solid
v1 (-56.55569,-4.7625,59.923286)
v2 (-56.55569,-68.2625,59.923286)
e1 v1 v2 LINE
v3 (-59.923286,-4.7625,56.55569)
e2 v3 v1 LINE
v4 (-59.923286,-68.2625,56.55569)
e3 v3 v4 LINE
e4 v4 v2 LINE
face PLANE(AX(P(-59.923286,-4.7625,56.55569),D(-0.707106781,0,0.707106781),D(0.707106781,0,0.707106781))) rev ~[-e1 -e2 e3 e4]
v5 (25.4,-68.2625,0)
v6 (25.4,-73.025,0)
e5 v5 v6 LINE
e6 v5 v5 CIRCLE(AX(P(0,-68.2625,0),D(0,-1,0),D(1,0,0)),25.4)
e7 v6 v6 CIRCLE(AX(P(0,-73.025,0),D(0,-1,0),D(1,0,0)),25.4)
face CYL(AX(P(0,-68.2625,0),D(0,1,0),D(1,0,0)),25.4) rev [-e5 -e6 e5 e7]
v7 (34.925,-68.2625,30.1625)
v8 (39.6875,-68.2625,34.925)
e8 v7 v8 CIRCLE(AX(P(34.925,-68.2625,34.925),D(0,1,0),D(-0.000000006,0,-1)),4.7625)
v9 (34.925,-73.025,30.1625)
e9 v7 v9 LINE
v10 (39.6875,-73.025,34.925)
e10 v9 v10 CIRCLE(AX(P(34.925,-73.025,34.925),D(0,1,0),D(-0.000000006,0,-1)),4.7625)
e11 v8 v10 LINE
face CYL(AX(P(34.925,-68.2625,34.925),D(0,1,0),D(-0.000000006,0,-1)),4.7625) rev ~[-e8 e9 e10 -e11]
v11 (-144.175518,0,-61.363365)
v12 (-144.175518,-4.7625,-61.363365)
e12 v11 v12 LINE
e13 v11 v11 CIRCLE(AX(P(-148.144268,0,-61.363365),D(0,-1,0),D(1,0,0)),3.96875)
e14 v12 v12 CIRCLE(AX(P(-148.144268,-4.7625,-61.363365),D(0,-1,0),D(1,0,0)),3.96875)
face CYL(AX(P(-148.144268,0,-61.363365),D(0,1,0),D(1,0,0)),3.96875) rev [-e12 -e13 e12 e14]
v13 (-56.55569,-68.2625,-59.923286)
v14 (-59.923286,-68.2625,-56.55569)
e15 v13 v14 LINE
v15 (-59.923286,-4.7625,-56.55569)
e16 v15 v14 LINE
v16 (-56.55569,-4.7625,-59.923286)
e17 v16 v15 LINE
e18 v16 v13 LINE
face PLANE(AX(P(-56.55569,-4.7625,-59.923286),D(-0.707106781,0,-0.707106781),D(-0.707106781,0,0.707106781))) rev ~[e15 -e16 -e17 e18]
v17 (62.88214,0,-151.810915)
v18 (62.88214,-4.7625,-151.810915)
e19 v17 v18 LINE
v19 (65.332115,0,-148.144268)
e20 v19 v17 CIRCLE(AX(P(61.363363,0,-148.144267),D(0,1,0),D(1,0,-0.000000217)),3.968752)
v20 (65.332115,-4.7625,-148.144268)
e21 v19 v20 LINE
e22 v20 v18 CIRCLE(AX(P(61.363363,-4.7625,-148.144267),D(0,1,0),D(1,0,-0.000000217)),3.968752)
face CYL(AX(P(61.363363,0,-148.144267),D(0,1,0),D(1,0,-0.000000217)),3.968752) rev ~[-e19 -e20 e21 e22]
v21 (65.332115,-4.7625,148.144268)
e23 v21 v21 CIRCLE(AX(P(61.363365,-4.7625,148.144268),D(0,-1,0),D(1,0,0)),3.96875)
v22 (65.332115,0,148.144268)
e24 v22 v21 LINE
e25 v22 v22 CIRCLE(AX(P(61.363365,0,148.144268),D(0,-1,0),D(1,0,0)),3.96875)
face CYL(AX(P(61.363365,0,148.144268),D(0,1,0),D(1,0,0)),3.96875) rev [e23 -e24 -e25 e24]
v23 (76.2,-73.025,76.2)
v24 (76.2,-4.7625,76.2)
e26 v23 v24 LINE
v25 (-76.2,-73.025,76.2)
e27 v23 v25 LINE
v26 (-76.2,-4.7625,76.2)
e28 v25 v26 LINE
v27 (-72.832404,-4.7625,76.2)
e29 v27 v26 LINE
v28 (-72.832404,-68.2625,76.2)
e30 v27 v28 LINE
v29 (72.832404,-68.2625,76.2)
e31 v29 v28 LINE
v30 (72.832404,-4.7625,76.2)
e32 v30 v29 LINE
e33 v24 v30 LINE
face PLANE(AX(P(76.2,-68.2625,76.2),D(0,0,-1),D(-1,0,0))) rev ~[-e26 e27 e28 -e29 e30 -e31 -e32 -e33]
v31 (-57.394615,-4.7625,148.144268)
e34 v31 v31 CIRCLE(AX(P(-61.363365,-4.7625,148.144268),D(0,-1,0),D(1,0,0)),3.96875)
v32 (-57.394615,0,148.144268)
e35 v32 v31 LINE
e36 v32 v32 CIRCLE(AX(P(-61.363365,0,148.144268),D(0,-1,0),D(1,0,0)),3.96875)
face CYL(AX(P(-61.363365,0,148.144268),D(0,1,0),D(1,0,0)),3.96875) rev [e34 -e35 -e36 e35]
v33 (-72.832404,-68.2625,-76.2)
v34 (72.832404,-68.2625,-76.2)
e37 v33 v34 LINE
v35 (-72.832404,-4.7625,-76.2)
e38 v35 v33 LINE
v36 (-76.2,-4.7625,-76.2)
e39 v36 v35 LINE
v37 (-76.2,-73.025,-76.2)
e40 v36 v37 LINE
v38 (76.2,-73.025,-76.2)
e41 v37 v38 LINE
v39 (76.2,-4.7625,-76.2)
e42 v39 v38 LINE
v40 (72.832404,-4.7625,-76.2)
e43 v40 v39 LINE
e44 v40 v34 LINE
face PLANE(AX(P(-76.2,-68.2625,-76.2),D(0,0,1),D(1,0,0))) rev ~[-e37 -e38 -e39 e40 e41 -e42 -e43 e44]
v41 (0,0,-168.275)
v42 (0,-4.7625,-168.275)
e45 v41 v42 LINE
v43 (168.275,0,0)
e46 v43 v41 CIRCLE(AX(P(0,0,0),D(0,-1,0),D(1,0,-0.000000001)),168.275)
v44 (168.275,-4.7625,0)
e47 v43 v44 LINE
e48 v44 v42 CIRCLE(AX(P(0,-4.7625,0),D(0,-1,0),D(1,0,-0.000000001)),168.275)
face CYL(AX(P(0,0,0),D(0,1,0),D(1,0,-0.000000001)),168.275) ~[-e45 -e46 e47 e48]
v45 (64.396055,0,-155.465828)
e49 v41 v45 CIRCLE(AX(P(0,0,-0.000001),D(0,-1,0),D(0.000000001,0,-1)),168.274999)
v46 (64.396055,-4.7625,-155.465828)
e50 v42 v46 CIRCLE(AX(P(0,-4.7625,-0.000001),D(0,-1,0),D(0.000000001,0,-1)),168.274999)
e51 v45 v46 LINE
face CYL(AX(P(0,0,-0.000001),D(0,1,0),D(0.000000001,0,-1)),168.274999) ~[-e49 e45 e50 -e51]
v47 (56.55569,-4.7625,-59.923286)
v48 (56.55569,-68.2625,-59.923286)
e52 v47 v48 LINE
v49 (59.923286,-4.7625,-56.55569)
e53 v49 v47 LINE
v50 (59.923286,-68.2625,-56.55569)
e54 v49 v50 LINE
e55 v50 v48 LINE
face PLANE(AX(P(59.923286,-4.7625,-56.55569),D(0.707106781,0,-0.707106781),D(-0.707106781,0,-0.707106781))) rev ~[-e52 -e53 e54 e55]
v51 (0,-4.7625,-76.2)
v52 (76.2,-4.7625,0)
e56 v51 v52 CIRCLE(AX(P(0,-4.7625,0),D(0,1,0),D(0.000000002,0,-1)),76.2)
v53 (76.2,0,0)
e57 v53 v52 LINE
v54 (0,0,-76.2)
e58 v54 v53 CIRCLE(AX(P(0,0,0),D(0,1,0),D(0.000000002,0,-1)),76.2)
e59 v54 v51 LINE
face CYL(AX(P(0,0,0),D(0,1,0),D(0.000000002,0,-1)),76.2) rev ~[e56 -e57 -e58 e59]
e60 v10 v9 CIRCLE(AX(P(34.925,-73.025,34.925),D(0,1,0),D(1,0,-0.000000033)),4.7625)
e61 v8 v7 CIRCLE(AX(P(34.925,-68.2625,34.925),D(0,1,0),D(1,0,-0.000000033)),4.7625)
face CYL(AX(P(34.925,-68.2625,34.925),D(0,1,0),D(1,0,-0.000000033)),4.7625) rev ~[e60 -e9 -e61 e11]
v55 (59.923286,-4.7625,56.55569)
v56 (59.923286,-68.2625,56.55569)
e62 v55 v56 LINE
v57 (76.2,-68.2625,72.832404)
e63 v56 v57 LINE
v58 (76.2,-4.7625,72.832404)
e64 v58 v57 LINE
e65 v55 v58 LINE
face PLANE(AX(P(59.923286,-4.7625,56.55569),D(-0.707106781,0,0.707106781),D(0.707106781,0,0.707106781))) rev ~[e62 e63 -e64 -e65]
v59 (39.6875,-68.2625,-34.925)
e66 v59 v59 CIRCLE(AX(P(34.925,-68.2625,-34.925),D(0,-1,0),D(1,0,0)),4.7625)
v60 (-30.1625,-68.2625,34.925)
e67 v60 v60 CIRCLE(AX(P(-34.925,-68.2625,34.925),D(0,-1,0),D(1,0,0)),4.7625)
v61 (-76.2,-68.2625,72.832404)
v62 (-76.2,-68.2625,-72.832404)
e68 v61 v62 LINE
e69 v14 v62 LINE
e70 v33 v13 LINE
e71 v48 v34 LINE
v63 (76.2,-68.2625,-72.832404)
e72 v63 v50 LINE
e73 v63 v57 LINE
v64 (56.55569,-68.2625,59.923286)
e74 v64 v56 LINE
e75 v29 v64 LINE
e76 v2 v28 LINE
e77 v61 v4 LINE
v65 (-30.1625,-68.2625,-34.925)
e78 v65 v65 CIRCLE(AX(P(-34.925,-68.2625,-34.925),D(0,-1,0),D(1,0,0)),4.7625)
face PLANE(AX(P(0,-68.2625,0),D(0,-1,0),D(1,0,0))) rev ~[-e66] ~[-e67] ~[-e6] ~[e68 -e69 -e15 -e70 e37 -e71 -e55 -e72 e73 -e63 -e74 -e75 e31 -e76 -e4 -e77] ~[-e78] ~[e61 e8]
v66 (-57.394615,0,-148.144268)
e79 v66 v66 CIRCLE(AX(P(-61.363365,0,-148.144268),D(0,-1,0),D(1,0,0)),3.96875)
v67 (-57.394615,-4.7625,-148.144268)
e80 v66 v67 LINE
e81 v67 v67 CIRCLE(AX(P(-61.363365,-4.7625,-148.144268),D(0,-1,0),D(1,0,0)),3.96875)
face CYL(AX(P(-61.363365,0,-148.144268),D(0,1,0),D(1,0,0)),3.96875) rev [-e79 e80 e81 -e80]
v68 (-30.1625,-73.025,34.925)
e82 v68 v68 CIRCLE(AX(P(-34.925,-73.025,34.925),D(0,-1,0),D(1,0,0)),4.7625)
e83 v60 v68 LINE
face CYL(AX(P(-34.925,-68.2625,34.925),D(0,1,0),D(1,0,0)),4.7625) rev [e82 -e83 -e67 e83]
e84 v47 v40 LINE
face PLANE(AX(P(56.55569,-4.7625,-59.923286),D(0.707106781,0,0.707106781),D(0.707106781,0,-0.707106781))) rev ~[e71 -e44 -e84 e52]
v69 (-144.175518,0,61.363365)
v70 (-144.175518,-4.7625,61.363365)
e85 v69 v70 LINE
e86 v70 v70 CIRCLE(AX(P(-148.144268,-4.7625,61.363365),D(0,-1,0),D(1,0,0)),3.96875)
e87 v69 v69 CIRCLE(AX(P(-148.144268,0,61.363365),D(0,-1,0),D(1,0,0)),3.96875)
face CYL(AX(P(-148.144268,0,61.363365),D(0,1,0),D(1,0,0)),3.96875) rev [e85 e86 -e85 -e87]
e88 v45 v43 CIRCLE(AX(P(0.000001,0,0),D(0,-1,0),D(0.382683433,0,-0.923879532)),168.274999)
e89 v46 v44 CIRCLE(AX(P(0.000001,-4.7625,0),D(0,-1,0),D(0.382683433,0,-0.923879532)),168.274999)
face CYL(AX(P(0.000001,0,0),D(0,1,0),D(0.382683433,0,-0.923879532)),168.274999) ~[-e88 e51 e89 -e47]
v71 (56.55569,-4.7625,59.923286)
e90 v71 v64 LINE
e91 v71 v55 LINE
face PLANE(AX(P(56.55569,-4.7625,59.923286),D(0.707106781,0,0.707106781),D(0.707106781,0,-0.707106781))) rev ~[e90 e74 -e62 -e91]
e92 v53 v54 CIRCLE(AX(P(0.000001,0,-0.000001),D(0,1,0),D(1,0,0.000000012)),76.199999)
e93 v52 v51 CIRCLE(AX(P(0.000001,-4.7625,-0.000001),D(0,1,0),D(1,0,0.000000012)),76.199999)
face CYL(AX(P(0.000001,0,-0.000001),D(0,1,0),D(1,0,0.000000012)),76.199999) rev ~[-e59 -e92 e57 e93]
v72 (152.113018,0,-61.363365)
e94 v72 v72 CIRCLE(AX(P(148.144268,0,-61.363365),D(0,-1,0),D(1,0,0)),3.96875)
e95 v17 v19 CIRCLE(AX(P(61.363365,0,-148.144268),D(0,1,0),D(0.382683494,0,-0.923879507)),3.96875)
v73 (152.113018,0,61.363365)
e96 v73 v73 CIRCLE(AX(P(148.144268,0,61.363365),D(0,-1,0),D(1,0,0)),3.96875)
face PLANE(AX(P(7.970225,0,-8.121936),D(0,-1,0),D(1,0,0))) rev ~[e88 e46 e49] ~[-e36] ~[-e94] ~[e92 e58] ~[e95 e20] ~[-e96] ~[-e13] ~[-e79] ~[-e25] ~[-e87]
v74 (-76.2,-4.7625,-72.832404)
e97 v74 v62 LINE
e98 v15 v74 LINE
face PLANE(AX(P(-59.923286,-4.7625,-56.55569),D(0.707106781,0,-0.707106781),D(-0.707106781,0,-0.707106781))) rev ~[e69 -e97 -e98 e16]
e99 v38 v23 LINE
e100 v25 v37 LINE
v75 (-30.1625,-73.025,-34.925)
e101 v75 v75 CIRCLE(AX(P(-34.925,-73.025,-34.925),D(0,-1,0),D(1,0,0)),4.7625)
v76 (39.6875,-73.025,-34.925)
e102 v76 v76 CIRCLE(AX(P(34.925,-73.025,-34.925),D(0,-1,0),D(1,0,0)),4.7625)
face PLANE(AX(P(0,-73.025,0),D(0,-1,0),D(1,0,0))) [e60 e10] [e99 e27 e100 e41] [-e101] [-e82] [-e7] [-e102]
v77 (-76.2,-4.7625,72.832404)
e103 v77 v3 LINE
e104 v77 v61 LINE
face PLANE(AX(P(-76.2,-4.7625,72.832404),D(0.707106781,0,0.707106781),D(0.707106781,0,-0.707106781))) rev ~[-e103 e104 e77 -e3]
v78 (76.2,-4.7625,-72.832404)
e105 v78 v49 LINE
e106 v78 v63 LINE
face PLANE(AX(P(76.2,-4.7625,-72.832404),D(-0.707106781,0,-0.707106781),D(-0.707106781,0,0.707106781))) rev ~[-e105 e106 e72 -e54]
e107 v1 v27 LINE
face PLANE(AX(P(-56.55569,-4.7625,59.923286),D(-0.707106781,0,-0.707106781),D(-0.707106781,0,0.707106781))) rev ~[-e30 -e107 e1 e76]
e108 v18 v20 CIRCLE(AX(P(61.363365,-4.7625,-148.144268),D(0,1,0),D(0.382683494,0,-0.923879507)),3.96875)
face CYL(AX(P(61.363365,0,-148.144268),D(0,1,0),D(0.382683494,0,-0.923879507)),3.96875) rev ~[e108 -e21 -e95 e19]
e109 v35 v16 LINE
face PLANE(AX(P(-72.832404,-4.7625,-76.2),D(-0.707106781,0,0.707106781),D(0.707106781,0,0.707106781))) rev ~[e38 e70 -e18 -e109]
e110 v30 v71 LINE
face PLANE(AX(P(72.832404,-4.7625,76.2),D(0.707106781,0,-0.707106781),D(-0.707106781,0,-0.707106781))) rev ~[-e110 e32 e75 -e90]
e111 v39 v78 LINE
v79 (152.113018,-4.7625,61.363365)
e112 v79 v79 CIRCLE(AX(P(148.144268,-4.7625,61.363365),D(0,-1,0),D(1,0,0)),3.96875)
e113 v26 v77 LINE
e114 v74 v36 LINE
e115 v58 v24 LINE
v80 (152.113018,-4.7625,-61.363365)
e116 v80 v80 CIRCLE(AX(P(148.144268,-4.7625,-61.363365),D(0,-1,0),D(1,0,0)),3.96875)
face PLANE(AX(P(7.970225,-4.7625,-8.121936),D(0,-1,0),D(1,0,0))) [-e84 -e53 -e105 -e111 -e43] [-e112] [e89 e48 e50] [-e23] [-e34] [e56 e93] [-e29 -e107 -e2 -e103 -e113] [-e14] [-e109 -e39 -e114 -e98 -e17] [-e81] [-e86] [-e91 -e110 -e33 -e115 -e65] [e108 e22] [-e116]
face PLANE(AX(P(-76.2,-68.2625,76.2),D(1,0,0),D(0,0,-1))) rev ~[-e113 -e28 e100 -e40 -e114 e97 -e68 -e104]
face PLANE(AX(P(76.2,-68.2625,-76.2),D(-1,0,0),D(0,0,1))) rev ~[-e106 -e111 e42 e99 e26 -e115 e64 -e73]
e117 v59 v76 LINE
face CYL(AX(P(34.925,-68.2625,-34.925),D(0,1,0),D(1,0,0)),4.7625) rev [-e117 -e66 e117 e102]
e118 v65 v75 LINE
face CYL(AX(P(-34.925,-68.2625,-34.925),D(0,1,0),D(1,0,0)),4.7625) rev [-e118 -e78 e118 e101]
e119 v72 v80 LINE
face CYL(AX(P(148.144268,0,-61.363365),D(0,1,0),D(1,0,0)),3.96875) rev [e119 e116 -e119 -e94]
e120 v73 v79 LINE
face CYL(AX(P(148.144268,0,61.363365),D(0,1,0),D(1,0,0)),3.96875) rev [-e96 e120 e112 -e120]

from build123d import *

# Parameters (mm, degrees)
F0_R     = 3.96875
F1_DEPTH = 4.7625
F3_DEPTH = 63.5
F4_R     = 4.7625
F4_R_2   = 25.4
F5_DEPTH = 4.7625


with BuildPart() as f1:
    # F0 (on Front) → F1 (new body)
    with BuildSketch(Plane.XZ):
        with BuildLine():
            ThreePointArc((168.275, 0), (-118.988394, 118.988394), (0, -168.275))
            ThreePointArc((0, -168.275), (32.828824, -165.041643), (64.396055, -155.465828))
            ThreePointArc((64.396055, -155.465828), (139.915549, -93.488581), (168.275, 0))
        make_face()
        with Locations((-61.363365, -148.144268)):
            Circle(F0_R, mode=Mode.SUBTRACT)
        with Locations((-148.144268, -61.363365)):
            Circle(F0_R, mode=Mode.SUBTRACT)
        with BuildLine():
            ThreePointArc((65.332115, -148.144268), (64.66326, -150.349187), (62.88214, -151.810915))
            ThreePointArc((62.88214, -151.810915), (58.06347, -145.939348), (65.332115, -148.144268))
        make_face(mode=Mode.SUBTRACT)
        with Locations((148.144268, -61.363365)):
            Circle(F0_R, mode=Mode.SUBTRACT)
        with Locations((-148.144268, 61.363365)):
            Circle(F0_R, mode=Mode.SUBTRACT)
        with Locations((-61.363365, 148.144268)):
            Circle(F0_R, mode=Mode.SUBTRACT)
        with BuildLine():
            ThreePointArc((152.4, 0), (107.763073, -107.763073), (0, -152.4))
            ThreePointArc((0, -152.4), (-107.763073, 107.763073), (152.4, 0))
        make_face(mode=Mode.SUBTRACT)
        with Locations((148.144268, 61.363365)):
            Circle(F0_R, mode=Mode.SUBTRACT)
        with Locations((61.363365, 148.144268)):
            Circle(F0_R, mode=Mode.SUBTRACT)
        with BuildLine():
            ThreePointArc((152.4, 0), (-107.763073, 107.763073), (0, -152.4))
            ThreePointArc((0, -152.4), (107.763073, -107.763073), (152.4, 0))
        make_face()
        with BuildLine():
            ThreePointArc((0, -76.2), (-53.881537, 53.881537), (76.2, 0))
            ThreePointArc((76.2, 0), (53.881537, -53.881537), (0, -76.2))
        make_face(mode=Mode.SUBTRACT)
    extrude(amount=F1_DEPTH)

    # F2 (on face) → F3 (join)
    with BuildSketch(Plane.XZ.offset(4.7625)):
        Polygon((-56.55569, 59.923286), (-72.832404, 76.2), (-76.2, 76.2), (-76.2, 72.832404), (-59.923286, 56.55569), (-58.239488, 58.239488), align=None)
        Polygon((59.923286, 56.55569), (76.2, 72.832404), (76.2, 76.2), (72.832404, 76.2), (56.55569, 59.923286), (58.239488, 58.239488), align=None)
        Polygon((76.2, -76.2), (76.2, -72.832404), (59.923286, -56.55569), (58.239488, -58.239488), (56.55569, -59.923286), (72.832404, -76.2), align=None)
        Polygon((-76.2, -76.2), (-72.832404, -76.2), (-56.55569, -59.923286), (-58.239488, -58.239488), (-59.923286, -56.55569), (-76.2, -72.832404), align=None)
    extrude(amount=F3_DEPTH)

    # F4 (on face) → F5 (join)
    with BuildSketch(Plane.XZ.offset(68.2625)):
        Polygon((-72.832404, 76.2), (-76.2, 76.2), (-76.2, -76.2), (76.2, -76.2), (76.2, 76.2), align=None)
        with Locations((-34.925, -34.925)):
            Circle(F4_R, mode=Mode.SUBTRACT)
        with Locations((34.925, -34.925)):
            Circle(F4_R, mode=Mode.SUBTRACT)
        with Locations((-34.925, 34.925)):
            Circle(F4_R, mode=Mode.SUBTRACT)
        Circle(F4_R_2, mode=Mode.SUBTRACT)
        with BuildLine():
            ThreePointArc((39.6875, 34.925), (38.292596, 31.557404), (34.925, 30.1625))
            ThreePointArc((34.925, 30.1625), (31.557404, 38.292596), (39.6875, 34.925))
        make_face(mode=Mode.SUBTRACT)
    extrude(amount=F5_DEPTH)


solid = f1.part
